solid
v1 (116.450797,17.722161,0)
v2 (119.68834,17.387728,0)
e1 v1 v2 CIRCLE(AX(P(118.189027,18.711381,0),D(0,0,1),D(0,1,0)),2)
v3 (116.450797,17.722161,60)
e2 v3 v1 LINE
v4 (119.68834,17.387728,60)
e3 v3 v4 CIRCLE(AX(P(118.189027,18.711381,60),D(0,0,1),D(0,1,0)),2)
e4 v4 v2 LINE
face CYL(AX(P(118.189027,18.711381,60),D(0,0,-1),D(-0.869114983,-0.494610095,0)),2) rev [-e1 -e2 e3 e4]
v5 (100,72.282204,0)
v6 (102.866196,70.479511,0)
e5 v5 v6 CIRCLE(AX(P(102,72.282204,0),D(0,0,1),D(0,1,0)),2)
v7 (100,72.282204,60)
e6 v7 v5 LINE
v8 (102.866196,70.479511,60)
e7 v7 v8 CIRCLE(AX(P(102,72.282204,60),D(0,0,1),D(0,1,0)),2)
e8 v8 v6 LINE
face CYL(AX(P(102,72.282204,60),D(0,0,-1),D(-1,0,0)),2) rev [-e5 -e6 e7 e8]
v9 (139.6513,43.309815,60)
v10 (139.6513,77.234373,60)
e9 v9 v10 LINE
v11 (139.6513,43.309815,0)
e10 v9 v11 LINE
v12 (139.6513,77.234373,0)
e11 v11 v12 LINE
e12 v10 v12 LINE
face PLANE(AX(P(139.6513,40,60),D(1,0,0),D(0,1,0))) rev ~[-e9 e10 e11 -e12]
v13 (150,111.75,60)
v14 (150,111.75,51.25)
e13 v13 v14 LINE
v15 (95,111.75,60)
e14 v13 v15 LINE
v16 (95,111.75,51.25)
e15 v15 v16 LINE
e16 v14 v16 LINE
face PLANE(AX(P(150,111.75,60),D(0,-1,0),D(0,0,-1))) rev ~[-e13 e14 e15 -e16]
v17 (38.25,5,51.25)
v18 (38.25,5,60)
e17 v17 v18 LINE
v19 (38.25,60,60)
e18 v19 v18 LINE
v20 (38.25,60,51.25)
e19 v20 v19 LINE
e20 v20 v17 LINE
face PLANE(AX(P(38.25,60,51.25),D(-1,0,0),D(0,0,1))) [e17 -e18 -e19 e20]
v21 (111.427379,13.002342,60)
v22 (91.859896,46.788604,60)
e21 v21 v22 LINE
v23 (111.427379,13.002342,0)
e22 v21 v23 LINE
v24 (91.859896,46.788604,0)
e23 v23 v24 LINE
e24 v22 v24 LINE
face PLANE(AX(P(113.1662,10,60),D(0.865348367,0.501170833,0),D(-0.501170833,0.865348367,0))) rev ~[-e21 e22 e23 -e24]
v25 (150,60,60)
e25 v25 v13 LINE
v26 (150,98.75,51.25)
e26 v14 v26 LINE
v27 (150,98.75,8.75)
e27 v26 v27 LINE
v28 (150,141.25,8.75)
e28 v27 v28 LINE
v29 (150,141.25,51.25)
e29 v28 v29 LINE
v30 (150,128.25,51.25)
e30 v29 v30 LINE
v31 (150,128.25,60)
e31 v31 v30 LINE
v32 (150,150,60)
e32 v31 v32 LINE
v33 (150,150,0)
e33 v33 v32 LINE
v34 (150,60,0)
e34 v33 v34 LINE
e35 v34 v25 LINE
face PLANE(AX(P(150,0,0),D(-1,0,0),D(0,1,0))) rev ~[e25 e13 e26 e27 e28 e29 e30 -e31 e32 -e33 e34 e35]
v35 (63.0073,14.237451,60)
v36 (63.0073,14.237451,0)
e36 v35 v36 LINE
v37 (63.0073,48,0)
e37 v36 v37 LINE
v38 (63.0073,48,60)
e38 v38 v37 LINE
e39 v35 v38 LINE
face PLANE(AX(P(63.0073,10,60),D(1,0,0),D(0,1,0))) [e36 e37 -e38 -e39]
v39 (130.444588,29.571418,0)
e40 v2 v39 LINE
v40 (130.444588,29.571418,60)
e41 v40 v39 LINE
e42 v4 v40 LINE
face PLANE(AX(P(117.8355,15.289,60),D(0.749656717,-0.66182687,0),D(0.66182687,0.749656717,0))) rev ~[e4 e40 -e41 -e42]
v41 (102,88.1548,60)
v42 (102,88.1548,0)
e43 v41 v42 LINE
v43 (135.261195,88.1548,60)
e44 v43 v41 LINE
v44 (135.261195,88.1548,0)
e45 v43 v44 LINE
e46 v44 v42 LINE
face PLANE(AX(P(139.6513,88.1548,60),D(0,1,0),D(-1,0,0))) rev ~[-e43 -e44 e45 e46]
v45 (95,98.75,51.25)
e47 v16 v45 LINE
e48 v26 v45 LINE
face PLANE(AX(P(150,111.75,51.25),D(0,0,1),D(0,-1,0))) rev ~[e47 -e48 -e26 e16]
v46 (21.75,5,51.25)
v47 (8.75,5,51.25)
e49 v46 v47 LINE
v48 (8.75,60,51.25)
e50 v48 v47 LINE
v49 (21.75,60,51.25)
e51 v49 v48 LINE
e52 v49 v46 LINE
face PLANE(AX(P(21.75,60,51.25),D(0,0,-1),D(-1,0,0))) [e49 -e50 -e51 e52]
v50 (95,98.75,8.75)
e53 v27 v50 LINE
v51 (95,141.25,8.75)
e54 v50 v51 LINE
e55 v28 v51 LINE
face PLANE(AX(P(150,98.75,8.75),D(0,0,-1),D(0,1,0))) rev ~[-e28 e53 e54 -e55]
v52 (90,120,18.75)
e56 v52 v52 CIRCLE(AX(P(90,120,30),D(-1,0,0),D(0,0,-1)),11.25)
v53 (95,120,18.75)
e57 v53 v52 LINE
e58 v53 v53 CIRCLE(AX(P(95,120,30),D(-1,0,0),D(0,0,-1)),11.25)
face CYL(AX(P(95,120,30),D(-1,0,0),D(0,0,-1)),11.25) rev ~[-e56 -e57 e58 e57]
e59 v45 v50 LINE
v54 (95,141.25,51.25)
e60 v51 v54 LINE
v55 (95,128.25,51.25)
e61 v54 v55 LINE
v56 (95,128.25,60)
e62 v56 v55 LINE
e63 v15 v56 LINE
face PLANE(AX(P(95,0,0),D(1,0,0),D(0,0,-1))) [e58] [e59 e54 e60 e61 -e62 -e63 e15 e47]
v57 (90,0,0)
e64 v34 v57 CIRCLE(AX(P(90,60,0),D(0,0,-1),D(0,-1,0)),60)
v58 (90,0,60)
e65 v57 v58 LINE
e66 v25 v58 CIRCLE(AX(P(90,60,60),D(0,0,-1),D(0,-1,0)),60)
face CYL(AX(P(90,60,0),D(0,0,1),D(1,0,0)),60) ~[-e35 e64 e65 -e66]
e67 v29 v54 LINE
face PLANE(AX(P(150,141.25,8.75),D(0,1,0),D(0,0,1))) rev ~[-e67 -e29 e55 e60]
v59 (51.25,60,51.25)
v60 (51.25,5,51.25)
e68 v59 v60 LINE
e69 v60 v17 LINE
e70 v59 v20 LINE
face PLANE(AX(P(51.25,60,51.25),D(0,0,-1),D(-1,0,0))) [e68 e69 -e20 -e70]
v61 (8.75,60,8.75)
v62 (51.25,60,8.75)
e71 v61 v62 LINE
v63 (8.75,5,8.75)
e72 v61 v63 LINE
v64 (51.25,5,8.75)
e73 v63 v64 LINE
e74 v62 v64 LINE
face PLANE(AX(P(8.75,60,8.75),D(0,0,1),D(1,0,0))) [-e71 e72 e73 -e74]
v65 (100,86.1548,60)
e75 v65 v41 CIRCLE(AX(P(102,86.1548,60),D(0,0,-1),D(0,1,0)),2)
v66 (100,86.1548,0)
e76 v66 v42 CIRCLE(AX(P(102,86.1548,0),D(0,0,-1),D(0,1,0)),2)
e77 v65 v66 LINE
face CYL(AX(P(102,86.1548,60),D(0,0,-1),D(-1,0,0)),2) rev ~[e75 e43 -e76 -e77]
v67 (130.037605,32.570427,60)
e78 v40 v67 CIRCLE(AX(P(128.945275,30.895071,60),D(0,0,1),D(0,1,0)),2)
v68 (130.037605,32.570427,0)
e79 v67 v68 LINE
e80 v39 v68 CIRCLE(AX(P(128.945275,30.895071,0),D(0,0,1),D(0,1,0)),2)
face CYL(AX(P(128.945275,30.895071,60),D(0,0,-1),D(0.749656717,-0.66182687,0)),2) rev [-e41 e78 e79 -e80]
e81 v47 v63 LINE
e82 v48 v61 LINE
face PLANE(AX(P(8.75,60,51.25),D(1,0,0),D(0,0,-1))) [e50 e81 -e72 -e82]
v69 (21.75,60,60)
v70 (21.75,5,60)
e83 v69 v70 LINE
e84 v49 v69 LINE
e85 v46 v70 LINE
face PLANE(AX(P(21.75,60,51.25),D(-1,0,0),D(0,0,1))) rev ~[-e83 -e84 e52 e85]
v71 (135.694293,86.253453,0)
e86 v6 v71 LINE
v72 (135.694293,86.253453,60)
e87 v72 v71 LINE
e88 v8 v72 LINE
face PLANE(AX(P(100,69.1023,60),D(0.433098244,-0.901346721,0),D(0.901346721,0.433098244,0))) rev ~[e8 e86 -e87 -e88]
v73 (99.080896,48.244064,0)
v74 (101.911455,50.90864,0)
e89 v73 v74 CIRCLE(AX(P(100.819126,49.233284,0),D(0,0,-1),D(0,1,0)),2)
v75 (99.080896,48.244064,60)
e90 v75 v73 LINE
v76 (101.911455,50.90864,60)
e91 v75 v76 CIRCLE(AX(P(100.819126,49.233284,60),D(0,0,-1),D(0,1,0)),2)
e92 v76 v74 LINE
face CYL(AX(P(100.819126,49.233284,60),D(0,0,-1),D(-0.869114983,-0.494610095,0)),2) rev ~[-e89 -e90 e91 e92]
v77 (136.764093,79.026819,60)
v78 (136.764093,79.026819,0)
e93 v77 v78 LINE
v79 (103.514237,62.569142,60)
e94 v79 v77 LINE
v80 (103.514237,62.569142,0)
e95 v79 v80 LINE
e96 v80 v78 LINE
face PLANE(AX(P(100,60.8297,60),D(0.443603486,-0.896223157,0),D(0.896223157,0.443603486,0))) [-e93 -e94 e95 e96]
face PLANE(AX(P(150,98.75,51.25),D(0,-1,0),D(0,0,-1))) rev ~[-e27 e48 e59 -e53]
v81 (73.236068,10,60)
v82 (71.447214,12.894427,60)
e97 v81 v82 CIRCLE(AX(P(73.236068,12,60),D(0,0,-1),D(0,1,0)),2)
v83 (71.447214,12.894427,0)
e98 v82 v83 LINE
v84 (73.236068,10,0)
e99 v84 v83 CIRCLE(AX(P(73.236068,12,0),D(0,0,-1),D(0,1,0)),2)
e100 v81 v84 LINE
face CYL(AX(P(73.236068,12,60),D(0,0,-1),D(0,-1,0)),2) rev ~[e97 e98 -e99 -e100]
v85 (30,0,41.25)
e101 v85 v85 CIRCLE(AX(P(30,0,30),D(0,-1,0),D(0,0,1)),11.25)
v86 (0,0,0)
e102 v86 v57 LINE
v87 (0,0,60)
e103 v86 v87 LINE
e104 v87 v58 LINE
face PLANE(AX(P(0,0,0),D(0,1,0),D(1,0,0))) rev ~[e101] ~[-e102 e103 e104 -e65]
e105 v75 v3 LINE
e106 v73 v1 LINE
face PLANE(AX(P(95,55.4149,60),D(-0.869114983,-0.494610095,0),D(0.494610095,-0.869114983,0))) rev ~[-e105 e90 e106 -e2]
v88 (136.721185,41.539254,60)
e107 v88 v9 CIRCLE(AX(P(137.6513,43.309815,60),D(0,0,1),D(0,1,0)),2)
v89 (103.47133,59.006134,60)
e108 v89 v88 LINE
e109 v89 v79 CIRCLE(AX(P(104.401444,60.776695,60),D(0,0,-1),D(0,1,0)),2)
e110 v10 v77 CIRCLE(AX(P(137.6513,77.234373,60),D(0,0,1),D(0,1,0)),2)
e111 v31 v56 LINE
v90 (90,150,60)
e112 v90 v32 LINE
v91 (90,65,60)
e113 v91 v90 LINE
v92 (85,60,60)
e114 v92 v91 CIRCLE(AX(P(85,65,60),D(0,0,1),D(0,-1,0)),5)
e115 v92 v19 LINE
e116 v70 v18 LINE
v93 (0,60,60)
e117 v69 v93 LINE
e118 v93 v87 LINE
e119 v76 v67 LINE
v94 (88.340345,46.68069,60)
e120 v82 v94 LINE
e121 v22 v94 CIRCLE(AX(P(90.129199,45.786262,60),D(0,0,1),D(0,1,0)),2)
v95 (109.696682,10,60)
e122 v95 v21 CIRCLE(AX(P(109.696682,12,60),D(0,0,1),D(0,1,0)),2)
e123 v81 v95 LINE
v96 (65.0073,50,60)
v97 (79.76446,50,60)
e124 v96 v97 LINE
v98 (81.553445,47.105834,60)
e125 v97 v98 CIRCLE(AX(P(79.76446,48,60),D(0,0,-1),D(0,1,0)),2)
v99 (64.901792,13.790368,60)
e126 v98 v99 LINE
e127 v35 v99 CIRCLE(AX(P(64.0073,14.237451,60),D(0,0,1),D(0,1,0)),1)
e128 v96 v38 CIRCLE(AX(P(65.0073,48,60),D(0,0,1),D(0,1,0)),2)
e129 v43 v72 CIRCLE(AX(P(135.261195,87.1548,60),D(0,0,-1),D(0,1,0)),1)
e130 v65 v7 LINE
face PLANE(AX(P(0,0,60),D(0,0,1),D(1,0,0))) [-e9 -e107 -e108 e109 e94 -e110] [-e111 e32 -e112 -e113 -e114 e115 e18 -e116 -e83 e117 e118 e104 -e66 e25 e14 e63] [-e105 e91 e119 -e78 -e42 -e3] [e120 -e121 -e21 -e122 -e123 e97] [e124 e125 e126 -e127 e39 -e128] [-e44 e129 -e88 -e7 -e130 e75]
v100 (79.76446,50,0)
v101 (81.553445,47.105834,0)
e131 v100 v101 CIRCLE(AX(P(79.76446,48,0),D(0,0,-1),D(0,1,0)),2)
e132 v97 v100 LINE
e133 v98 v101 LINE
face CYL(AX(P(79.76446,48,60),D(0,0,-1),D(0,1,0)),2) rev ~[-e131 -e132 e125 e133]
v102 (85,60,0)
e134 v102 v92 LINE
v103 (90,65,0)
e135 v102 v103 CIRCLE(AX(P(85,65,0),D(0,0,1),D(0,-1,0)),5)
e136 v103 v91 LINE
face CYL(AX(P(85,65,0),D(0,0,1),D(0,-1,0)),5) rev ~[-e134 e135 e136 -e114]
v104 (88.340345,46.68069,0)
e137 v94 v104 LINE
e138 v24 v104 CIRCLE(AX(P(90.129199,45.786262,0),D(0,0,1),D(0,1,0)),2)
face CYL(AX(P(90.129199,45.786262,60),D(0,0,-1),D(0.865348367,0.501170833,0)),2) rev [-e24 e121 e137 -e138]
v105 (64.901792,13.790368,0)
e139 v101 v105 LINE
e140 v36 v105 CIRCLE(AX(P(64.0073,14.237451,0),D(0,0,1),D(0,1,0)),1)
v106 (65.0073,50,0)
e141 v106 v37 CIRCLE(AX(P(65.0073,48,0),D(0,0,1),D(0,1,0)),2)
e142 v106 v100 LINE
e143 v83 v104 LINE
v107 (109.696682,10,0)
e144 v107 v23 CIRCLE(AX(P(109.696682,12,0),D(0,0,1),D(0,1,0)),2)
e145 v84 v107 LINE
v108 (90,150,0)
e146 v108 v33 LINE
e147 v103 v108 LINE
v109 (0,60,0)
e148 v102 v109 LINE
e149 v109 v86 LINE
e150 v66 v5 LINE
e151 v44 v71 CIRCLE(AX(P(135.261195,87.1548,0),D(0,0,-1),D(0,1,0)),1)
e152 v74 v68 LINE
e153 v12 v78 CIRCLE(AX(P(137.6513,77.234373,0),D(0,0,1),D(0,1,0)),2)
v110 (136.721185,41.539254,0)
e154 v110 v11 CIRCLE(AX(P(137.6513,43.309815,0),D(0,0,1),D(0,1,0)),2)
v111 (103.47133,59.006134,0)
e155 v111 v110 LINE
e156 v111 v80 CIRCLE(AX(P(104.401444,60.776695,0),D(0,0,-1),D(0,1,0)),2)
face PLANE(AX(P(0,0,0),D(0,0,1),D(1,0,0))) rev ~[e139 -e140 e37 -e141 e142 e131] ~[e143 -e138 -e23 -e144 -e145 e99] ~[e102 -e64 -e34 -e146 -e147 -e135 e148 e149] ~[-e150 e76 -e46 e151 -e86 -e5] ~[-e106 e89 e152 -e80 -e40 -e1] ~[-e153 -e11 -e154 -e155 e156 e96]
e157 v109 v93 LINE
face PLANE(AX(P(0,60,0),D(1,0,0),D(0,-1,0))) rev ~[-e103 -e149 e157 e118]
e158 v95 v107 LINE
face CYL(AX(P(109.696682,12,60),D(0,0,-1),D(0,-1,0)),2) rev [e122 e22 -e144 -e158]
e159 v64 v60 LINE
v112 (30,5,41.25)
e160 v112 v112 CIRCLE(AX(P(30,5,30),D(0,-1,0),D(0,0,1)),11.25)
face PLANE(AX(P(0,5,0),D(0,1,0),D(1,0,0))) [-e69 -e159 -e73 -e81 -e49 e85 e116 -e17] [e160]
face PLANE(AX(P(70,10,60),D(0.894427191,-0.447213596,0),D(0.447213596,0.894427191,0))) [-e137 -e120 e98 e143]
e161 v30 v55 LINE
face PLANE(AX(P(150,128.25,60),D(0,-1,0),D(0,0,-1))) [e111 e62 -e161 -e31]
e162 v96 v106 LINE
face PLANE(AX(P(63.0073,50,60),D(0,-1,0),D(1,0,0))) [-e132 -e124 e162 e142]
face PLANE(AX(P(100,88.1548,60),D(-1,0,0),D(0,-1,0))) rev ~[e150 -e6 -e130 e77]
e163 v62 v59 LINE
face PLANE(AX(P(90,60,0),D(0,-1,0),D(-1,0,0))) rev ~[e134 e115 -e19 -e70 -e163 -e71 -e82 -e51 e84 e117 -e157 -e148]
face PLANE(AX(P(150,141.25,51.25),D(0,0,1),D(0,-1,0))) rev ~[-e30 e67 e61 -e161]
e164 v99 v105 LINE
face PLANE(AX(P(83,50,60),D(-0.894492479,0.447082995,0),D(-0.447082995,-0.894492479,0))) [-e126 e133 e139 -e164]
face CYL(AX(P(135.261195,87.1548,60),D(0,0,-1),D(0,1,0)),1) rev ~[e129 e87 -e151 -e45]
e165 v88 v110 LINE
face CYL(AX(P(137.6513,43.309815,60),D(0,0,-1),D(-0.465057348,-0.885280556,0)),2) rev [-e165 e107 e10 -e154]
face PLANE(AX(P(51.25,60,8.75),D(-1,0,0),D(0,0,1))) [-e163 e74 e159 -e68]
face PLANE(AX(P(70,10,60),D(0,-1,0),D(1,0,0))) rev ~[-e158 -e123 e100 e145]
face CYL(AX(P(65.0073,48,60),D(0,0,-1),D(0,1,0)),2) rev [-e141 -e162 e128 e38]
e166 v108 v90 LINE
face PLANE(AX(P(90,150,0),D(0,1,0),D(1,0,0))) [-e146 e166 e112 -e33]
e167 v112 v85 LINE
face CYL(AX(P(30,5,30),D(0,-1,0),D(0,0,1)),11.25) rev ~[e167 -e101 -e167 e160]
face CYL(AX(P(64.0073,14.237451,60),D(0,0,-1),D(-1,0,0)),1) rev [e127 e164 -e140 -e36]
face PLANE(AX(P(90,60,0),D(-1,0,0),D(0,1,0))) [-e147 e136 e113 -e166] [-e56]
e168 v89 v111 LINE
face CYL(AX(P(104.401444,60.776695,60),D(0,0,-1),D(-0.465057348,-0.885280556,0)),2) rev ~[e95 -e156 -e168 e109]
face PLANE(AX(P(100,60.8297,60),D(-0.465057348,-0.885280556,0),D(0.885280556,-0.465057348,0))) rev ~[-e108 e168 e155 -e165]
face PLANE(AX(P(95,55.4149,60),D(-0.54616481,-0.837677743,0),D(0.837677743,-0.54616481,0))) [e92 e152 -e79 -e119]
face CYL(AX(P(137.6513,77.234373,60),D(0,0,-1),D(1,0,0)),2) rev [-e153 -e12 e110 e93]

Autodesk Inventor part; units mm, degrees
ref_plane "YZ Plane" through (0, 0, 0) normal (1, 0, 0) x (0, 1, 0)
ref_plane "XZ Plane" through (0, 0, 0) normal (0, 1, 0) x (-1, 0, 0)
ref_plane "XY Plane" through (0, 0, 0) normal (0, 0, 1) x (1, 0, 0)
sketch "Sketch1" plane through (0, 0, 0) normal (0, 0, 1) x (1, 0, 0)
  line L0 (0, 0) -> (150, 0)
  line L1 (150, 0) -> (150, 45)
  line L2 (90, 60) -> (0, 60)
  line L3 (0, 60) -> (0, 0)
  line L4 (90, 60) -> (90, 150)
  line L5 (90, 150) -> (150, 150)
  line L6 (150, 150) -> (150, 45)
  dimension "d5" = 90
  dimension "d6" = 60
  dimension "d7" = 90
  dimension "d9" = 60
  dimension "d10" = 150
  dimension "d11" = 150
extrude "Extrusion1" add sketch "Sketch1" along normal blind 60
sketch "Sketch2" plane through (0, 60, 0) normal (0, 1, 0) x (1, 0, 0)
  line L0 (0, 0) -> (150, 0) construction
  line L1 (0, 0) -> (60, -60) construction
  line L2 (0, 0) -> (84.8528, 0) construction
  line L3 (8.75, -51.25) -> (8.75, -8.75)
  line L4 (8.75, -8.75) -> (51.25, -8.75)
  line L5 (51.25, -8.75) -> (51.25, -51.25)
  line L6 (51.25, -51.25) -> (8.75, -8.75) construction
  line L7 (8.75, -51.25) -> (51.25, -8.75) construction
  line L8 (30, -30) -> (30, -51.25) construction
  line L9 (30, -51.25) -> (21.75, -51.25) construction
  line L10 (30, -51.25) -> (38.25, -51.25) construction
  line L11 (21.75, -51.25) -> (21.75, -60)
  line L12 (0, -60) -> (150, -60) projected
  line L13 (38.25, -51.25) -> (38.25, -60)
  line L14 (21.75, -60) -> (38.25, -60)
  line L15 (51.25, -51.25) -> (38.25, -51.25)
  line L16 (21.75, -51.25) -> (8.75, -51.25)
  dimension "d14" = 84.8528
  dimension "d15" = 45
  dimension "d16" = 42.5
  dimension "d17" = 42.5
  dimension "d32" = 8.25
  dimension "d33" = 8.25
  dimension "d34" = 90
extrude "Extrusion2" cut sketch "Sketch2" against normal blind 55
sketch "Sketch4" plane through (150, 0, 0) normal (1, 0, 0) x (0, 0, -1)
  line L0 (0, 150) -> (0, 60) construction
  line L1 (0, 150) -> (-60, 90) construction
  line L2 (0, 150) -> (84.8528, 150) construction
  line L3 (-51.25, 98.75) -> (-8.75, 98.75)
  line L4 (-8.75, 98.75) -> (-8.75, 141.25)
  line L5 (-8.75, 141.25) -> (-51.25, 141.25)
  line L6 (-51.25, 98.75) -> (-8.75, 141.25) construction
  line L7 (-8.75, 98.75) -> (-51.25, 141.25) construction
  line L8 (-30, 120) -> (-60, 120) construction
  line L9 (-60, 120) -> (-60, 128.25)
  line L10 (-60, 0) -> (-60, 150) projected
  line L11 (-60, 128.25) -> (-51.25, 128.25)
  line L12 (-60, 120) -> (-60, 111.75)
  line L13 (-60, 111.75) -> (-51.25, 111.75)
  line L14 (-51.25, 141.25) -> (-51.25, 128.25)
  line L15 (-51.25, 111.75) -> (-51.25, 98.75)
  point P0 (0, 0)
  dimension "d26" = 84.8528
  dimension "d27" = 135
  dimension "d28" = 42.5
  dimension "d29" = 42.5
  dimension "d35" = 8.25
  dimension "d36" = 8.25
  dimension "d37" = 90
extrude "Extrusion4" cut sketch "Sketch4" against normal blind 55
hole "Hole2" at (30, 5, 30) direction (0, -1, 0) diameter 22.5 end through all
hole "Hole4" at (95, 120, 30) direction (-1, 0, 0) diameter 22.5 end through all
fillet "Fillet1" radius 5 1 edges at (90, 60, 30)
fillet "Fillet2" radius 60 1 edges at (150, 0, 30)
sketch "Sketch5" plane through (0, 0, 60) normal (0, 0, 1) x (1, 0, 0)
  line L0 (0, 0) -> (90, 0) construction
  line L1 (0, 0) -> (60, 0) construction
  line L2 (60, 0) -> (60, 60) construction
  line L3 (60, 60) -> (0, 60) construction
  line L4 (0, 60) -> (0, 0) construction
  line L5 (149.6513, 150.4559) -> (89.6513, 150.4559) construction
  line L6 (89.6513, 150.4559) -> (89.6513, 90.4559) construction
  line L7 (89.6513, 90.4559) -> (149.6513, 90.4559) construction
  line L8 (149.6513, 90.4559) -> (149.6513, 150.4559) construction
  line L9 (89.6513, 90.4559) -> (149.6513, 90.4559) construction
  line L10 (149.6513, 90.4559) -> (149.6513, 80.4559) construction
  line L11 (149.6513, 80.4559) -> (89.6513, 80.4559) construction
  line L12 (89.6513, 80.4559) -> (89.6513, 90.4559) construction
  line L13 (60, 60) -> (70, 60) construction
  line L14 (70, 60) -> (70, 0) construction
  line L15 (70, 0) -> (60, 0) construction
  line L16 (60, 0) -> (60, 60) construction
  line L17 (70, 60) -> (89.6513, 60) construction
  line L18 (89.6513, 60) -> (89.6513, 80.4559) construction
  line L19 (89.6513, 80.4559) -> (70, 80.4559) construction
  line L20 (70, 80.4559) -> (70, 60) construction
  line L21 (70, 60) -> (90, 60) construction
  line L22 (90, 60) -> (90, 50) construction
  line L23 (90, 50) -> (70, 50) construction
  line L24 (70, 50) -> (70, 60) construction
  line L25 (90, 50) -> (100, 50) construction
  line L26 (100, 50) -> (100, 60.8297) construction
  line L27 (100, 60.8297) -> (90, 60.8297) construction
  line L28 (90, 60.8297) -> (90, 50) construction
  line L29 (100, 60.8297) -> (89.6513, 60.8297) construction
  line L30 (89.6513, 60.8297) -> (89.6513, 80.4559) construction
  line L31 (89.6513, 80.4559) -> (100, 80.4559) construction
  line L32 (100, 80.4559) -> (100, 60.8297) construction
  line L33 (149.6513, 80.4559) -> (139.6513, 80.4559) construction
  line L34 (139.6513, 80.4559) -> (139.6513, 0.4559) construction
  line L35 (139.6513, 0.4559) -> (149.6513, 0.4559) construction
  line L36 (149.6513, 0.4559) -> (149.6513, 80.4559) construction
  line L37 (70, 0) -> (139.6513, 0) construction
  line L38 (139.6513, 0) -> (139.6513, 10) construction
  line L39 (139.6513, 10) -> (70, 10) construction
  line L40 (70, 10) -> (70, 0) construction
  arc A0 (90, 0) -> (150, 60) centre (90, 60) ccw construction
  line L41 (123.1662, 10) -> (113.1662, 10) construction
  line L42 (113.1662, 10) -> (113.1662, 20) construction
  line L43 (113.1662, 20) -> (123.1662, 20) construction
  line L44 (123.1662, 20) -> (123.1662, 10) construction
  line L45 (123.1662, 20) -> (133.1662, 20) construction
  line L46 (133.1662, 20) -> (133.1662, 30) construction
  line L47 (133.1662, 30) -> (123.1662, 30) construction
  line L48 (123.1662, 30) -> (123.1662, 20) construction
  line L49 (133.1662, 30) -> (143.1662, 30) construction
  line L50 (143.1662, 30) -> (143.1662, 40) construction
  line L51 (143.1662, 40) -> (133.1662, 40) construction
  line L52 (133.1662, 40) -> (133.1662, 30) construction
  line L53 (70, 10) -> (90, 50)
  line L54 (113.1662, 10) -> (90, 50)
  line L55 (70, 10) -> (113.1662, 10)
  line L56 (100, 60.8297) -> (139.6513, 40)
  line L57 (100, 60.8297) -> (139.6513, 80.4559)
  line L58 (139.6513, 40) -> (139.6513, 80.4559)
  line L59 (113.1662, 10) -> (139.6513, 40) construction
  line L60 (90, 50) -> (100, 60.8297) construction
  line L61 (95, 55.4149) -> (117.8355, 15.289)
  line L62 (95, 55.4149) -> (131.9763, 31.3064)
  line L63 (117.8355, 15.289) -> (131.9763, 31.3064)
  line L64 (90, 50) -> (83, 50) construction
  line L65 (83, 50) -> (63.0073, 10)
  line L66 (63.0073, 10) -> (63.0073, 50)
  line L67 (63.0073, 50) -> (83, 50)
  line L68 (100, 69.1023) -> (139.6513, 88.1548)
  line L69 (139.6513, 88.1548) -> (100, 88.1548)
  line L70 (100, 88.1548) -> (100, 69.1023)
  dimension "d76" = 60
  dimension "d77" = 60
  dimension "d78" = 60
  dimension "d79" = 60
  dimension "d80" = 60
  dimension "d81" = 10
  dimension "d82" = 10
  dimension "d83" = 60
  dimension "d84" = 10
  dimension "d85" = 10
  dimension "d86" = 10
  dimension "d87" = 80
  dimension "d88" = 10
  dimension "d89" = 10
  dimension "d90" = 10
  dimension "d91" = 10
  dimension "d92" = 10
  dimension "d93" = 10
  dimension "d94" = 10
  dimension "d97" = 7
extrude "Extrusion5" cut sketch "Sketch5" against normal blind 94
fillet "Fillet3" radius 2 13 edges at (113.1662, 10, 30) (131.9763, 31.3064, 30) (117.8355, 15.289, 30) (70, 10, 30) (63.0073, 50, 30) (83, 50, 30) (90, 50, 30) (95, 55.4149, 30) (100, 60.8297, 30) (100, 69.1023, 30) (100, 88.1548, 30) (139.6513, 80.4559, 30) (139.6513, 40, 30)
fillet "Fillet4" radius 1 2 edges at (63.0073, 10, 30) (139.6513, 88.1548, 30)
properties part number "OuterFrame"
